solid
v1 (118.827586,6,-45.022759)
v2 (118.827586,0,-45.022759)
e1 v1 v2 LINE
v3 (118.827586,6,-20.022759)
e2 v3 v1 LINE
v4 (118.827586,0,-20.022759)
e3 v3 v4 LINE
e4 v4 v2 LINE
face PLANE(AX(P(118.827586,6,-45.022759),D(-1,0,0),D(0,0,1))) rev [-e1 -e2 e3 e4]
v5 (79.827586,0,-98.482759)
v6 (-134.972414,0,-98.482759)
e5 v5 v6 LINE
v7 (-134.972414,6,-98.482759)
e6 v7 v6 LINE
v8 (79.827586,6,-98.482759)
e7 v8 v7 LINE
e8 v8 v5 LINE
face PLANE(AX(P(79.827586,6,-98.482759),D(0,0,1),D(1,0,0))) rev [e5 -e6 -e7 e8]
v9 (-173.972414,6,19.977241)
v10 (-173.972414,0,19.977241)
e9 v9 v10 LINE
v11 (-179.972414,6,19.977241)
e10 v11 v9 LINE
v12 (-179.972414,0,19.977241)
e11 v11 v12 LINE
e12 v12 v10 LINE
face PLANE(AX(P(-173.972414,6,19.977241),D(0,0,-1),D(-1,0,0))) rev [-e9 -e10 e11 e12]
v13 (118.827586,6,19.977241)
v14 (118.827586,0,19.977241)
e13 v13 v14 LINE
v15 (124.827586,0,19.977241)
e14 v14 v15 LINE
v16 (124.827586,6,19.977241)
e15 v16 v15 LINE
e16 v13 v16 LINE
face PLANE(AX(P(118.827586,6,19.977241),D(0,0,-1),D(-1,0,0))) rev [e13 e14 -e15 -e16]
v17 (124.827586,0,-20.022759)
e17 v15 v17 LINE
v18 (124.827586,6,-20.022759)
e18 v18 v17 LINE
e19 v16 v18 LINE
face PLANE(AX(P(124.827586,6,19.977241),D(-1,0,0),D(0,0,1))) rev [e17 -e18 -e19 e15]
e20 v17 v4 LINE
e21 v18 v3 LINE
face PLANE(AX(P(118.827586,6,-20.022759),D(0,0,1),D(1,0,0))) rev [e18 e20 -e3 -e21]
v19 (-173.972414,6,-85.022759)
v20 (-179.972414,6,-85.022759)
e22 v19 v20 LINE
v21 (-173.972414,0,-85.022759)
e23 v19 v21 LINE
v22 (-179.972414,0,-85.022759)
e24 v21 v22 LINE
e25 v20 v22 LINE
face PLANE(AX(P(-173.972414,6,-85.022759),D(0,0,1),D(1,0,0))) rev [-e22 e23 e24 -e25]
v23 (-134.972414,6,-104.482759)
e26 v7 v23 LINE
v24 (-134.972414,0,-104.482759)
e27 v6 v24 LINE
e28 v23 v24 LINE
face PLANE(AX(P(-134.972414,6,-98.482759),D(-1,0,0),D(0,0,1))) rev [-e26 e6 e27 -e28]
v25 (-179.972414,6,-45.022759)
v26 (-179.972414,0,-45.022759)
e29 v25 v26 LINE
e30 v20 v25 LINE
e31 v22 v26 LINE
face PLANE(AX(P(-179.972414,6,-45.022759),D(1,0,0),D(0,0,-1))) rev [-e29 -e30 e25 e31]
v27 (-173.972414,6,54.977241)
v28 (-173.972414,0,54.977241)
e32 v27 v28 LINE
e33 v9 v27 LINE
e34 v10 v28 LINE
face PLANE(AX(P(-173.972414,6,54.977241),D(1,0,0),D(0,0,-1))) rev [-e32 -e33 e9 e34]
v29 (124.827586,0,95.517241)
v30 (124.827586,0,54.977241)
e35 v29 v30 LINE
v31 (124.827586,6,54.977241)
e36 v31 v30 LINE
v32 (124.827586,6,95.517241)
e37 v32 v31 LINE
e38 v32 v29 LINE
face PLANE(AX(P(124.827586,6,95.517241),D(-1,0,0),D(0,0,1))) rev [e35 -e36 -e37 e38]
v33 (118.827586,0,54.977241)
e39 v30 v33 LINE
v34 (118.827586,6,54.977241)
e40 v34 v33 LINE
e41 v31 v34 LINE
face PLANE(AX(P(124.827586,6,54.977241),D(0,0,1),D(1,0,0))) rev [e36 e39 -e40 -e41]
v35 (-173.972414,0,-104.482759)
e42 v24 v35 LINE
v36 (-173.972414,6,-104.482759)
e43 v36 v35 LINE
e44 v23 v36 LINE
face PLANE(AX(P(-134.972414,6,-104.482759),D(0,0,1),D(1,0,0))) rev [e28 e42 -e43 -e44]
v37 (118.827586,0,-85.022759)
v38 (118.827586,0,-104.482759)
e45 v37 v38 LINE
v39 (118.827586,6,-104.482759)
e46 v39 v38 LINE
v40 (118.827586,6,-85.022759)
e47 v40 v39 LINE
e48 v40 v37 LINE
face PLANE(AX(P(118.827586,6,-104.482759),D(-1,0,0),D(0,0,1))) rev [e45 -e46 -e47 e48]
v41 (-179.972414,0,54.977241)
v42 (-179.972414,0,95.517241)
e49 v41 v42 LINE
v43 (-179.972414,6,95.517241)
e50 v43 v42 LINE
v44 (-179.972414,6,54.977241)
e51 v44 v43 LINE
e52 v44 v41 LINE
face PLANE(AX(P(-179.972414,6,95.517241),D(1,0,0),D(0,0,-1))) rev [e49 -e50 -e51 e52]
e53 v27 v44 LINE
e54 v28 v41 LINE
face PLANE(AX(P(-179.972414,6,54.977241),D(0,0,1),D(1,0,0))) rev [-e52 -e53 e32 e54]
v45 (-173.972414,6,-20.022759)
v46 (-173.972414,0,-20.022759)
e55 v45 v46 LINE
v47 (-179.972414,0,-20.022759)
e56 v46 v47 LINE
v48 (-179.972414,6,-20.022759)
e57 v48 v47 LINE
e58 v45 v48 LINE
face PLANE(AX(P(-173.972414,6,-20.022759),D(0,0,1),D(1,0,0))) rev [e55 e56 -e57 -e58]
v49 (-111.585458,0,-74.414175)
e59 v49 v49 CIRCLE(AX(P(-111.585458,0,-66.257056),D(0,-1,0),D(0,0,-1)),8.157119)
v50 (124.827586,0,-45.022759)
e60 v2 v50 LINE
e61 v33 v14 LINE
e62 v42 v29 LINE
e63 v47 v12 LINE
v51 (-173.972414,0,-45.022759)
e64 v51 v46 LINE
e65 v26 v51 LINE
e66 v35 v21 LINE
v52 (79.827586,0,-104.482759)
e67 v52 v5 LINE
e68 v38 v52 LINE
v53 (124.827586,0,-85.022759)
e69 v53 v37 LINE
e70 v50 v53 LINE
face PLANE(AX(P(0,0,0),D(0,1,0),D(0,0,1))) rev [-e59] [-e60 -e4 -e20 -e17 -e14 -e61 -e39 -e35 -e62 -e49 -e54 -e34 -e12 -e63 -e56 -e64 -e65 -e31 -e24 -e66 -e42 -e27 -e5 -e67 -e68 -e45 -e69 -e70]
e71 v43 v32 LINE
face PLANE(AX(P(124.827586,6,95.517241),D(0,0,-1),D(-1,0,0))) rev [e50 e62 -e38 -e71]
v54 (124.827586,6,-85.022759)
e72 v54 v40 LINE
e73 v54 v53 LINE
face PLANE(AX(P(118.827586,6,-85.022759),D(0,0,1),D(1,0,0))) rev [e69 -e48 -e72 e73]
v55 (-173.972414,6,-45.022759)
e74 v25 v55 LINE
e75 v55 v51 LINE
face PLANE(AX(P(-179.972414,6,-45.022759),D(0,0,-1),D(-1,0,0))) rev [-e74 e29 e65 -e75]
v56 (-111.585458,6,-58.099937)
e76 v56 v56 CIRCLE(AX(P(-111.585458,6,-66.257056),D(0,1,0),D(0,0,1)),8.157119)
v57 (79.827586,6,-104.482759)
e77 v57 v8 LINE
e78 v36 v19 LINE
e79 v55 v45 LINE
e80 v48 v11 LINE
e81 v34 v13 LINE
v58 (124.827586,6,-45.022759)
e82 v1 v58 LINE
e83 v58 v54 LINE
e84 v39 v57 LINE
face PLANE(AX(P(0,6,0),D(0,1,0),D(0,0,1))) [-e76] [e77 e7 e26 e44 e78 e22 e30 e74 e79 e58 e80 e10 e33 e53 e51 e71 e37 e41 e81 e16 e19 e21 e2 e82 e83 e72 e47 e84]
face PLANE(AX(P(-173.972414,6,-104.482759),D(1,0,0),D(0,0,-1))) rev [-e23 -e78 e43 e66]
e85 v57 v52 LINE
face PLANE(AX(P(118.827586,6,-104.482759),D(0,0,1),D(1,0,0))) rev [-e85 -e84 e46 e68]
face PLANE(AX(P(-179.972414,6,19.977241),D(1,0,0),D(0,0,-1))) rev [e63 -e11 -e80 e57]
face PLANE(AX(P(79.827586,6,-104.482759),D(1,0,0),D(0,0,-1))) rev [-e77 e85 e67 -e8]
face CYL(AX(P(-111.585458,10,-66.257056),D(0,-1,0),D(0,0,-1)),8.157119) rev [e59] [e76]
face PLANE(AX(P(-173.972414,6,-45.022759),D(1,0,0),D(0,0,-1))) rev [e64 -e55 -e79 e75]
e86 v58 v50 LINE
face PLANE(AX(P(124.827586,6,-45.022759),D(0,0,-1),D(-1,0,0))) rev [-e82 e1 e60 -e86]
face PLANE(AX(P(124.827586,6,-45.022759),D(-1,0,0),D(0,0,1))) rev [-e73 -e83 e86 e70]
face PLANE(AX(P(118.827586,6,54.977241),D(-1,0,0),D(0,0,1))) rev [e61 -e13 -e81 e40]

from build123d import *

# Parameters (mm, degrees)
BOSS_EXTRUDE1_DEPTH = 6
SKETCH2_R           = 8.15711865
CUT_EXTRUDE1_DEPTH  = 10


with BuildPart() as part:
    # Sketch1 → Boss-Extrude1 (new body)
    with BuildSketch(Plane(origin=(0, 0, 0), x_dir=(-1, 0, 0), z_dir=(0, 1, 0))):
        Polygon((-79.827586207, -104.482758621), (-79.827586207, -98.482758621), (134.972413793, -98.482758621), (134.972413793, -104.482758621), (173.972413793, -104.482758621), (173.972413793, -85.022758621), (179.972413793, -85.022758621), (179.972413793, -45.022758621), (173.972413793, -45.022758621), (173.972413793, -20.022758621), (179.972413793, -20.022758621), (179.972413793, 19.977241379), (173.972413793, 19.977241379), (173.972413793, 54.977241379), (179.972413793, 54.977241379), (179.972413793, 95.517241379), (-124.827586207, 95.517241379), (-124.827586207, 54.977241379), (-118.827586207, 54.977241379), (-118.827586207, 19.977241379), (-124.827586207, 19.977241379), (-124.827586207, -20.022758621), (-118.827586207, -20.022758621), (-118.827586207, -45.022758621), (-124.827586207, -45.022758621), (-124.827586207, -85.022758621), (-118.827586207, -85.022758621), (-118.827586207, -104.482758621), align=None)
    extrude(amount=BOSS_EXTRUDE1_DEPTH)

    # Sketch2 → Cut-Extrude1 (cut)
    with BuildSketch(Plane.XZ):
        with Locations(Location((-111.585458186, -66.257055968, 0), (0, 0, 270))):
            Circle(SKETCH2_R)
    extrude(amount=-CUT_EXTRUDE1_DEPTH, mode=Mode.SUBTRACT)


solid = part.part
